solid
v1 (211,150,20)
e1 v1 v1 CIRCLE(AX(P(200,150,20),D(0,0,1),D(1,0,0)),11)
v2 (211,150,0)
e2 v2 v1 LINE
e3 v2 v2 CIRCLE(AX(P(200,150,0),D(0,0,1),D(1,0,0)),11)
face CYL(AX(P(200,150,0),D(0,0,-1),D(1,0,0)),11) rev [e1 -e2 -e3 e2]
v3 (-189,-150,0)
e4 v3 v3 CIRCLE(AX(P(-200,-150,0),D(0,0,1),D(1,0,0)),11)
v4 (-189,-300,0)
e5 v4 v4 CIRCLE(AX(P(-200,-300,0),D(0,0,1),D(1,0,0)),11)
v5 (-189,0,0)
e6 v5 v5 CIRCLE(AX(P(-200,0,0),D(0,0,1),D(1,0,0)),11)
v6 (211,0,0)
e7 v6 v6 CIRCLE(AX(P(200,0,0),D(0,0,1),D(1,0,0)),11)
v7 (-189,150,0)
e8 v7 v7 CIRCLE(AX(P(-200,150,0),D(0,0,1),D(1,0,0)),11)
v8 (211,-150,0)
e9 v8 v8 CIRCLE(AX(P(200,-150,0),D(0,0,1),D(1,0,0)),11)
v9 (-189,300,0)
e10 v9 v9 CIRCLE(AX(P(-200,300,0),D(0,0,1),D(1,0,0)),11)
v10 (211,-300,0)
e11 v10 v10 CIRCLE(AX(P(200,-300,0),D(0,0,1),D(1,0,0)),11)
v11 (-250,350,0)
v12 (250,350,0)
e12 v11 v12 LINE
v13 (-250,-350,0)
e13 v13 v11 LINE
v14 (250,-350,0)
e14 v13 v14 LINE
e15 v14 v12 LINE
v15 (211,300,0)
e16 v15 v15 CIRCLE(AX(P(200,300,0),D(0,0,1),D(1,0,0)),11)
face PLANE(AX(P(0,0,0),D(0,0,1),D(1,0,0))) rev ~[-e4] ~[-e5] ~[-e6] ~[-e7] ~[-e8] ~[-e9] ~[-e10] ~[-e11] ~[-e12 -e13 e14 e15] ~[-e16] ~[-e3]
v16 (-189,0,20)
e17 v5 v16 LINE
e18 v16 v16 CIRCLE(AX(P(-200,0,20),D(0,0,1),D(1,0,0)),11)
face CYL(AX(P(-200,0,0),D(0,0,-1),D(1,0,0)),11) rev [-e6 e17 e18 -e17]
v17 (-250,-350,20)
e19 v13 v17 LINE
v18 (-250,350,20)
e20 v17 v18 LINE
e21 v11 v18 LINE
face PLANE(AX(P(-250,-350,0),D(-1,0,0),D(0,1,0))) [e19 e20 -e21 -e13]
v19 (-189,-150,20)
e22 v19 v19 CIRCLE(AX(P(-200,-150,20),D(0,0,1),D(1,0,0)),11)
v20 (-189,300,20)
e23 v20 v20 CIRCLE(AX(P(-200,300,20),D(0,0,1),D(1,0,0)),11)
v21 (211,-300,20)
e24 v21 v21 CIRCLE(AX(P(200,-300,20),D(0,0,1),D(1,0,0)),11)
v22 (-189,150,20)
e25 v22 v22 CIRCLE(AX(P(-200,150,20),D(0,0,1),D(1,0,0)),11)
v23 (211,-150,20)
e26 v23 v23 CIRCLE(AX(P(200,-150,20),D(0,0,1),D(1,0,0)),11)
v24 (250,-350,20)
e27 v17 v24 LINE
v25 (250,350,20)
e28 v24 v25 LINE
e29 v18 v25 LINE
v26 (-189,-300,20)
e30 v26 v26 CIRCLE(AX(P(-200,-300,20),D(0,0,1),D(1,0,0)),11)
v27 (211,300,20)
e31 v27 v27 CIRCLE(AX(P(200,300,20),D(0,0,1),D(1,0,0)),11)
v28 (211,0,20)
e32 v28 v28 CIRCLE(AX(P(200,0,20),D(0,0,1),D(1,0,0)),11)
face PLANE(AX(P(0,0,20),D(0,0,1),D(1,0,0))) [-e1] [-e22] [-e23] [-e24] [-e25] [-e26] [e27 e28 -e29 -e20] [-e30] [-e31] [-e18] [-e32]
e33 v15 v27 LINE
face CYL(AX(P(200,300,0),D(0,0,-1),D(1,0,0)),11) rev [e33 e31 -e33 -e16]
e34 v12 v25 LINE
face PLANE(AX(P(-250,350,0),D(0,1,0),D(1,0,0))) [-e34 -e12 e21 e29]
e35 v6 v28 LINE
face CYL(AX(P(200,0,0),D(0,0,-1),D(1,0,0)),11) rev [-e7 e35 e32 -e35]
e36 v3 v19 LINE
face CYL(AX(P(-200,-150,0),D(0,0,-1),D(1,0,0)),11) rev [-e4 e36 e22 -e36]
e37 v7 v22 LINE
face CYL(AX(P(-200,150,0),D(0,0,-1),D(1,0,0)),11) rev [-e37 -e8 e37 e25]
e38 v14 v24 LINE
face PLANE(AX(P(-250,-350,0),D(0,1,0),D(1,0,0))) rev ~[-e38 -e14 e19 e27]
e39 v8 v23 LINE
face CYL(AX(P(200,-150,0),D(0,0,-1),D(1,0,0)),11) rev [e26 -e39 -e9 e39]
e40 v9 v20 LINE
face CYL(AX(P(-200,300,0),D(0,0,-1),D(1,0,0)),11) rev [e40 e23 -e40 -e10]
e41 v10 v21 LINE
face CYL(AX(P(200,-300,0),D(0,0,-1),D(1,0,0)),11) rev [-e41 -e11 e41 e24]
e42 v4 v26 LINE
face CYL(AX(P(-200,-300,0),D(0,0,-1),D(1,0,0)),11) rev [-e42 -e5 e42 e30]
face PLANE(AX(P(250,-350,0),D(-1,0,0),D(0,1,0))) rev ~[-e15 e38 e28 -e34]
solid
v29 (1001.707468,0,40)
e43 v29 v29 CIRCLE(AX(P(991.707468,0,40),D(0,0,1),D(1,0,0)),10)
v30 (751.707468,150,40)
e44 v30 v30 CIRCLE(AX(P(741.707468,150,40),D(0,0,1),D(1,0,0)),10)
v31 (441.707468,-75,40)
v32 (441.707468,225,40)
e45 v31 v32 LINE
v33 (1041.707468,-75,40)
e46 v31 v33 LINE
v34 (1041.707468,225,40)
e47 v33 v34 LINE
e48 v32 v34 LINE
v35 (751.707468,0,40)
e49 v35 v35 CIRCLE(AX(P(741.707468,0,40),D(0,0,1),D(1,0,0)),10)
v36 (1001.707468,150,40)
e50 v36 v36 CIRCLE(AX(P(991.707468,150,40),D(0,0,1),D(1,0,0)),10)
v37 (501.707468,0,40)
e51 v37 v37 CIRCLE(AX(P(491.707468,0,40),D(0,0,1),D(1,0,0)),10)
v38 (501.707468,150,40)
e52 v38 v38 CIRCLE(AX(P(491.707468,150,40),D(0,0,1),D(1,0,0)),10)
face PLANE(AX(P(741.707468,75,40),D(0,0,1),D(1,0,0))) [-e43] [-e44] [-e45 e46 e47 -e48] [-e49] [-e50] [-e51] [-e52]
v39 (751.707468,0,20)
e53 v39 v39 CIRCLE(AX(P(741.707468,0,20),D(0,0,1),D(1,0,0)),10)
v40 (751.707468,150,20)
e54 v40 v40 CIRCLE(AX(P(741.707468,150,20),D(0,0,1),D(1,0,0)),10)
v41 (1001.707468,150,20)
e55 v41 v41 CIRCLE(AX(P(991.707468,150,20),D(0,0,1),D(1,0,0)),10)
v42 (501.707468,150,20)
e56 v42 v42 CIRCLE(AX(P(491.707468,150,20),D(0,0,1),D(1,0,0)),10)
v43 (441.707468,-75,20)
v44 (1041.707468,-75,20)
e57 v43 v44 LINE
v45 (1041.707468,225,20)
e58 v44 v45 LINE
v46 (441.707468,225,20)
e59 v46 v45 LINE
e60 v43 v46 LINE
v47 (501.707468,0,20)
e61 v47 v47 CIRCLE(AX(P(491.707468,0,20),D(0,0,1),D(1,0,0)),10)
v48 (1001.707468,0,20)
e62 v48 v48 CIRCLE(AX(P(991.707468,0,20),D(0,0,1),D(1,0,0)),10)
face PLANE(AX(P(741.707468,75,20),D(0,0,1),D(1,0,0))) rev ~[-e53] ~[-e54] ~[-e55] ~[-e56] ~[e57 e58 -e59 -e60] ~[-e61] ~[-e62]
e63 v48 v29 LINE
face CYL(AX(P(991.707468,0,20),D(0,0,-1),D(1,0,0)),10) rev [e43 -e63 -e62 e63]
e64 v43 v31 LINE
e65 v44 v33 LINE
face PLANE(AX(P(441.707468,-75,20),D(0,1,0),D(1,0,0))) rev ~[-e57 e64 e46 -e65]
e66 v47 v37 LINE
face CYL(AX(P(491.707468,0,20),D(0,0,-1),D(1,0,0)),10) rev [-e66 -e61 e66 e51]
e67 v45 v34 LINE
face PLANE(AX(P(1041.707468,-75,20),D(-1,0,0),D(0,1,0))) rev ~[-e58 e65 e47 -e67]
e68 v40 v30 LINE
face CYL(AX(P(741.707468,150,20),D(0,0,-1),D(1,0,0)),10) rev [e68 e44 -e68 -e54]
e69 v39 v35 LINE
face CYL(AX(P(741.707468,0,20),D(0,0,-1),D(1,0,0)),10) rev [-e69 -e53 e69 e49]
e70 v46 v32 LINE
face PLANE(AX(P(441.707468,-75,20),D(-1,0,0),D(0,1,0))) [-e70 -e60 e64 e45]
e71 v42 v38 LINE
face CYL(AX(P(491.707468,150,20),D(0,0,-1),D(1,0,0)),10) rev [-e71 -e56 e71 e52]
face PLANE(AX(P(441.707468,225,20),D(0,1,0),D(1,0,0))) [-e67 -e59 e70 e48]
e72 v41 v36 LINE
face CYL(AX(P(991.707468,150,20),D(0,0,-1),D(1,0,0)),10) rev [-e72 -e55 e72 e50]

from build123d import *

# Parameters (mm, degrees)
F1_W     = 500
F1_H     = 700
F1_R     = 11
F2_DEPTH = 20
F3_W     = 600
F3_H     = 300
F3_R     = 10
F4_DEPTH = 20


with BuildPart() as f2:
    # F1 (on face) → F2 (new body)
    with BuildSketch(Plane.XY):
        Rectangle(F1_W, F1_H)
        with Locations((-200, -300)):
            Circle(F1_R, mode=Mode.SUBTRACT)
        with Locations((-200, -150)):
            Circle(F1_R, mode=Mode.SUBTRACT)
        with Locations((200, -300)):
            Circle(F1_R, mode=Mode.SUBTRACT)
        with Locations((200, -150)):
            Circle(F1_R, mode=Mode.SUBTRACT)
        with Locations((-200, 0)):
            Circle(F1_R, mode=Mode.SUBTRACT)
        with Locations((-200, 150)):
            Circle(F1_R, mode=Mode.SUBTRACT)
        with Locations((-200, 300)):
            Circle(F1_R, mode=Mode.SUBTRACT)
        with Locations((200, 0)):
            Circle(F1_R, mode=Mode.SUBTRACT)
        with Locations((200, 150)):
            Circle(F1_R, mode=Mode.SUBTRACT)
        with Locations((200, 300)):
            Circle(F1_R, mode=Mode.SUBTRACT)
    extrude(amount=F2_DEPTH)


with BuildPart() as f4:
    # F3 (on face) → F4 (new body)
    with BuildSketch(Plane.XY.offset(20)):
        with Locations((741.707468, 75)):
            Rectangle(F3_W, F3_H)
        with Locations((491.707468, 0)):
            Circle(F3_R, mode=Mode.SUBTRACT)
        with Locations((491.707468, 150)):
            Circle(F3_R, mode=Mode.SUBTRACT)
        with Locations((741.707468, 0)):
            Circle(F3_R, mode=Mode.SUBTRACT)
        with Locations((991.707468, 0)):
            Circle(F3_R, mode=Mode.SUBTRACT)
        with Locations((741.707468, 150)):
            Circle(F3_R, mode=Mode.SUBTRACT)
        with Locations((991.707468, 150)):
            Circle(F3_R, mode=Mode.SUBTRACT)
    extrude(amount=F4_DEPTH)


solid = Compound([f2.part, f4.part])
